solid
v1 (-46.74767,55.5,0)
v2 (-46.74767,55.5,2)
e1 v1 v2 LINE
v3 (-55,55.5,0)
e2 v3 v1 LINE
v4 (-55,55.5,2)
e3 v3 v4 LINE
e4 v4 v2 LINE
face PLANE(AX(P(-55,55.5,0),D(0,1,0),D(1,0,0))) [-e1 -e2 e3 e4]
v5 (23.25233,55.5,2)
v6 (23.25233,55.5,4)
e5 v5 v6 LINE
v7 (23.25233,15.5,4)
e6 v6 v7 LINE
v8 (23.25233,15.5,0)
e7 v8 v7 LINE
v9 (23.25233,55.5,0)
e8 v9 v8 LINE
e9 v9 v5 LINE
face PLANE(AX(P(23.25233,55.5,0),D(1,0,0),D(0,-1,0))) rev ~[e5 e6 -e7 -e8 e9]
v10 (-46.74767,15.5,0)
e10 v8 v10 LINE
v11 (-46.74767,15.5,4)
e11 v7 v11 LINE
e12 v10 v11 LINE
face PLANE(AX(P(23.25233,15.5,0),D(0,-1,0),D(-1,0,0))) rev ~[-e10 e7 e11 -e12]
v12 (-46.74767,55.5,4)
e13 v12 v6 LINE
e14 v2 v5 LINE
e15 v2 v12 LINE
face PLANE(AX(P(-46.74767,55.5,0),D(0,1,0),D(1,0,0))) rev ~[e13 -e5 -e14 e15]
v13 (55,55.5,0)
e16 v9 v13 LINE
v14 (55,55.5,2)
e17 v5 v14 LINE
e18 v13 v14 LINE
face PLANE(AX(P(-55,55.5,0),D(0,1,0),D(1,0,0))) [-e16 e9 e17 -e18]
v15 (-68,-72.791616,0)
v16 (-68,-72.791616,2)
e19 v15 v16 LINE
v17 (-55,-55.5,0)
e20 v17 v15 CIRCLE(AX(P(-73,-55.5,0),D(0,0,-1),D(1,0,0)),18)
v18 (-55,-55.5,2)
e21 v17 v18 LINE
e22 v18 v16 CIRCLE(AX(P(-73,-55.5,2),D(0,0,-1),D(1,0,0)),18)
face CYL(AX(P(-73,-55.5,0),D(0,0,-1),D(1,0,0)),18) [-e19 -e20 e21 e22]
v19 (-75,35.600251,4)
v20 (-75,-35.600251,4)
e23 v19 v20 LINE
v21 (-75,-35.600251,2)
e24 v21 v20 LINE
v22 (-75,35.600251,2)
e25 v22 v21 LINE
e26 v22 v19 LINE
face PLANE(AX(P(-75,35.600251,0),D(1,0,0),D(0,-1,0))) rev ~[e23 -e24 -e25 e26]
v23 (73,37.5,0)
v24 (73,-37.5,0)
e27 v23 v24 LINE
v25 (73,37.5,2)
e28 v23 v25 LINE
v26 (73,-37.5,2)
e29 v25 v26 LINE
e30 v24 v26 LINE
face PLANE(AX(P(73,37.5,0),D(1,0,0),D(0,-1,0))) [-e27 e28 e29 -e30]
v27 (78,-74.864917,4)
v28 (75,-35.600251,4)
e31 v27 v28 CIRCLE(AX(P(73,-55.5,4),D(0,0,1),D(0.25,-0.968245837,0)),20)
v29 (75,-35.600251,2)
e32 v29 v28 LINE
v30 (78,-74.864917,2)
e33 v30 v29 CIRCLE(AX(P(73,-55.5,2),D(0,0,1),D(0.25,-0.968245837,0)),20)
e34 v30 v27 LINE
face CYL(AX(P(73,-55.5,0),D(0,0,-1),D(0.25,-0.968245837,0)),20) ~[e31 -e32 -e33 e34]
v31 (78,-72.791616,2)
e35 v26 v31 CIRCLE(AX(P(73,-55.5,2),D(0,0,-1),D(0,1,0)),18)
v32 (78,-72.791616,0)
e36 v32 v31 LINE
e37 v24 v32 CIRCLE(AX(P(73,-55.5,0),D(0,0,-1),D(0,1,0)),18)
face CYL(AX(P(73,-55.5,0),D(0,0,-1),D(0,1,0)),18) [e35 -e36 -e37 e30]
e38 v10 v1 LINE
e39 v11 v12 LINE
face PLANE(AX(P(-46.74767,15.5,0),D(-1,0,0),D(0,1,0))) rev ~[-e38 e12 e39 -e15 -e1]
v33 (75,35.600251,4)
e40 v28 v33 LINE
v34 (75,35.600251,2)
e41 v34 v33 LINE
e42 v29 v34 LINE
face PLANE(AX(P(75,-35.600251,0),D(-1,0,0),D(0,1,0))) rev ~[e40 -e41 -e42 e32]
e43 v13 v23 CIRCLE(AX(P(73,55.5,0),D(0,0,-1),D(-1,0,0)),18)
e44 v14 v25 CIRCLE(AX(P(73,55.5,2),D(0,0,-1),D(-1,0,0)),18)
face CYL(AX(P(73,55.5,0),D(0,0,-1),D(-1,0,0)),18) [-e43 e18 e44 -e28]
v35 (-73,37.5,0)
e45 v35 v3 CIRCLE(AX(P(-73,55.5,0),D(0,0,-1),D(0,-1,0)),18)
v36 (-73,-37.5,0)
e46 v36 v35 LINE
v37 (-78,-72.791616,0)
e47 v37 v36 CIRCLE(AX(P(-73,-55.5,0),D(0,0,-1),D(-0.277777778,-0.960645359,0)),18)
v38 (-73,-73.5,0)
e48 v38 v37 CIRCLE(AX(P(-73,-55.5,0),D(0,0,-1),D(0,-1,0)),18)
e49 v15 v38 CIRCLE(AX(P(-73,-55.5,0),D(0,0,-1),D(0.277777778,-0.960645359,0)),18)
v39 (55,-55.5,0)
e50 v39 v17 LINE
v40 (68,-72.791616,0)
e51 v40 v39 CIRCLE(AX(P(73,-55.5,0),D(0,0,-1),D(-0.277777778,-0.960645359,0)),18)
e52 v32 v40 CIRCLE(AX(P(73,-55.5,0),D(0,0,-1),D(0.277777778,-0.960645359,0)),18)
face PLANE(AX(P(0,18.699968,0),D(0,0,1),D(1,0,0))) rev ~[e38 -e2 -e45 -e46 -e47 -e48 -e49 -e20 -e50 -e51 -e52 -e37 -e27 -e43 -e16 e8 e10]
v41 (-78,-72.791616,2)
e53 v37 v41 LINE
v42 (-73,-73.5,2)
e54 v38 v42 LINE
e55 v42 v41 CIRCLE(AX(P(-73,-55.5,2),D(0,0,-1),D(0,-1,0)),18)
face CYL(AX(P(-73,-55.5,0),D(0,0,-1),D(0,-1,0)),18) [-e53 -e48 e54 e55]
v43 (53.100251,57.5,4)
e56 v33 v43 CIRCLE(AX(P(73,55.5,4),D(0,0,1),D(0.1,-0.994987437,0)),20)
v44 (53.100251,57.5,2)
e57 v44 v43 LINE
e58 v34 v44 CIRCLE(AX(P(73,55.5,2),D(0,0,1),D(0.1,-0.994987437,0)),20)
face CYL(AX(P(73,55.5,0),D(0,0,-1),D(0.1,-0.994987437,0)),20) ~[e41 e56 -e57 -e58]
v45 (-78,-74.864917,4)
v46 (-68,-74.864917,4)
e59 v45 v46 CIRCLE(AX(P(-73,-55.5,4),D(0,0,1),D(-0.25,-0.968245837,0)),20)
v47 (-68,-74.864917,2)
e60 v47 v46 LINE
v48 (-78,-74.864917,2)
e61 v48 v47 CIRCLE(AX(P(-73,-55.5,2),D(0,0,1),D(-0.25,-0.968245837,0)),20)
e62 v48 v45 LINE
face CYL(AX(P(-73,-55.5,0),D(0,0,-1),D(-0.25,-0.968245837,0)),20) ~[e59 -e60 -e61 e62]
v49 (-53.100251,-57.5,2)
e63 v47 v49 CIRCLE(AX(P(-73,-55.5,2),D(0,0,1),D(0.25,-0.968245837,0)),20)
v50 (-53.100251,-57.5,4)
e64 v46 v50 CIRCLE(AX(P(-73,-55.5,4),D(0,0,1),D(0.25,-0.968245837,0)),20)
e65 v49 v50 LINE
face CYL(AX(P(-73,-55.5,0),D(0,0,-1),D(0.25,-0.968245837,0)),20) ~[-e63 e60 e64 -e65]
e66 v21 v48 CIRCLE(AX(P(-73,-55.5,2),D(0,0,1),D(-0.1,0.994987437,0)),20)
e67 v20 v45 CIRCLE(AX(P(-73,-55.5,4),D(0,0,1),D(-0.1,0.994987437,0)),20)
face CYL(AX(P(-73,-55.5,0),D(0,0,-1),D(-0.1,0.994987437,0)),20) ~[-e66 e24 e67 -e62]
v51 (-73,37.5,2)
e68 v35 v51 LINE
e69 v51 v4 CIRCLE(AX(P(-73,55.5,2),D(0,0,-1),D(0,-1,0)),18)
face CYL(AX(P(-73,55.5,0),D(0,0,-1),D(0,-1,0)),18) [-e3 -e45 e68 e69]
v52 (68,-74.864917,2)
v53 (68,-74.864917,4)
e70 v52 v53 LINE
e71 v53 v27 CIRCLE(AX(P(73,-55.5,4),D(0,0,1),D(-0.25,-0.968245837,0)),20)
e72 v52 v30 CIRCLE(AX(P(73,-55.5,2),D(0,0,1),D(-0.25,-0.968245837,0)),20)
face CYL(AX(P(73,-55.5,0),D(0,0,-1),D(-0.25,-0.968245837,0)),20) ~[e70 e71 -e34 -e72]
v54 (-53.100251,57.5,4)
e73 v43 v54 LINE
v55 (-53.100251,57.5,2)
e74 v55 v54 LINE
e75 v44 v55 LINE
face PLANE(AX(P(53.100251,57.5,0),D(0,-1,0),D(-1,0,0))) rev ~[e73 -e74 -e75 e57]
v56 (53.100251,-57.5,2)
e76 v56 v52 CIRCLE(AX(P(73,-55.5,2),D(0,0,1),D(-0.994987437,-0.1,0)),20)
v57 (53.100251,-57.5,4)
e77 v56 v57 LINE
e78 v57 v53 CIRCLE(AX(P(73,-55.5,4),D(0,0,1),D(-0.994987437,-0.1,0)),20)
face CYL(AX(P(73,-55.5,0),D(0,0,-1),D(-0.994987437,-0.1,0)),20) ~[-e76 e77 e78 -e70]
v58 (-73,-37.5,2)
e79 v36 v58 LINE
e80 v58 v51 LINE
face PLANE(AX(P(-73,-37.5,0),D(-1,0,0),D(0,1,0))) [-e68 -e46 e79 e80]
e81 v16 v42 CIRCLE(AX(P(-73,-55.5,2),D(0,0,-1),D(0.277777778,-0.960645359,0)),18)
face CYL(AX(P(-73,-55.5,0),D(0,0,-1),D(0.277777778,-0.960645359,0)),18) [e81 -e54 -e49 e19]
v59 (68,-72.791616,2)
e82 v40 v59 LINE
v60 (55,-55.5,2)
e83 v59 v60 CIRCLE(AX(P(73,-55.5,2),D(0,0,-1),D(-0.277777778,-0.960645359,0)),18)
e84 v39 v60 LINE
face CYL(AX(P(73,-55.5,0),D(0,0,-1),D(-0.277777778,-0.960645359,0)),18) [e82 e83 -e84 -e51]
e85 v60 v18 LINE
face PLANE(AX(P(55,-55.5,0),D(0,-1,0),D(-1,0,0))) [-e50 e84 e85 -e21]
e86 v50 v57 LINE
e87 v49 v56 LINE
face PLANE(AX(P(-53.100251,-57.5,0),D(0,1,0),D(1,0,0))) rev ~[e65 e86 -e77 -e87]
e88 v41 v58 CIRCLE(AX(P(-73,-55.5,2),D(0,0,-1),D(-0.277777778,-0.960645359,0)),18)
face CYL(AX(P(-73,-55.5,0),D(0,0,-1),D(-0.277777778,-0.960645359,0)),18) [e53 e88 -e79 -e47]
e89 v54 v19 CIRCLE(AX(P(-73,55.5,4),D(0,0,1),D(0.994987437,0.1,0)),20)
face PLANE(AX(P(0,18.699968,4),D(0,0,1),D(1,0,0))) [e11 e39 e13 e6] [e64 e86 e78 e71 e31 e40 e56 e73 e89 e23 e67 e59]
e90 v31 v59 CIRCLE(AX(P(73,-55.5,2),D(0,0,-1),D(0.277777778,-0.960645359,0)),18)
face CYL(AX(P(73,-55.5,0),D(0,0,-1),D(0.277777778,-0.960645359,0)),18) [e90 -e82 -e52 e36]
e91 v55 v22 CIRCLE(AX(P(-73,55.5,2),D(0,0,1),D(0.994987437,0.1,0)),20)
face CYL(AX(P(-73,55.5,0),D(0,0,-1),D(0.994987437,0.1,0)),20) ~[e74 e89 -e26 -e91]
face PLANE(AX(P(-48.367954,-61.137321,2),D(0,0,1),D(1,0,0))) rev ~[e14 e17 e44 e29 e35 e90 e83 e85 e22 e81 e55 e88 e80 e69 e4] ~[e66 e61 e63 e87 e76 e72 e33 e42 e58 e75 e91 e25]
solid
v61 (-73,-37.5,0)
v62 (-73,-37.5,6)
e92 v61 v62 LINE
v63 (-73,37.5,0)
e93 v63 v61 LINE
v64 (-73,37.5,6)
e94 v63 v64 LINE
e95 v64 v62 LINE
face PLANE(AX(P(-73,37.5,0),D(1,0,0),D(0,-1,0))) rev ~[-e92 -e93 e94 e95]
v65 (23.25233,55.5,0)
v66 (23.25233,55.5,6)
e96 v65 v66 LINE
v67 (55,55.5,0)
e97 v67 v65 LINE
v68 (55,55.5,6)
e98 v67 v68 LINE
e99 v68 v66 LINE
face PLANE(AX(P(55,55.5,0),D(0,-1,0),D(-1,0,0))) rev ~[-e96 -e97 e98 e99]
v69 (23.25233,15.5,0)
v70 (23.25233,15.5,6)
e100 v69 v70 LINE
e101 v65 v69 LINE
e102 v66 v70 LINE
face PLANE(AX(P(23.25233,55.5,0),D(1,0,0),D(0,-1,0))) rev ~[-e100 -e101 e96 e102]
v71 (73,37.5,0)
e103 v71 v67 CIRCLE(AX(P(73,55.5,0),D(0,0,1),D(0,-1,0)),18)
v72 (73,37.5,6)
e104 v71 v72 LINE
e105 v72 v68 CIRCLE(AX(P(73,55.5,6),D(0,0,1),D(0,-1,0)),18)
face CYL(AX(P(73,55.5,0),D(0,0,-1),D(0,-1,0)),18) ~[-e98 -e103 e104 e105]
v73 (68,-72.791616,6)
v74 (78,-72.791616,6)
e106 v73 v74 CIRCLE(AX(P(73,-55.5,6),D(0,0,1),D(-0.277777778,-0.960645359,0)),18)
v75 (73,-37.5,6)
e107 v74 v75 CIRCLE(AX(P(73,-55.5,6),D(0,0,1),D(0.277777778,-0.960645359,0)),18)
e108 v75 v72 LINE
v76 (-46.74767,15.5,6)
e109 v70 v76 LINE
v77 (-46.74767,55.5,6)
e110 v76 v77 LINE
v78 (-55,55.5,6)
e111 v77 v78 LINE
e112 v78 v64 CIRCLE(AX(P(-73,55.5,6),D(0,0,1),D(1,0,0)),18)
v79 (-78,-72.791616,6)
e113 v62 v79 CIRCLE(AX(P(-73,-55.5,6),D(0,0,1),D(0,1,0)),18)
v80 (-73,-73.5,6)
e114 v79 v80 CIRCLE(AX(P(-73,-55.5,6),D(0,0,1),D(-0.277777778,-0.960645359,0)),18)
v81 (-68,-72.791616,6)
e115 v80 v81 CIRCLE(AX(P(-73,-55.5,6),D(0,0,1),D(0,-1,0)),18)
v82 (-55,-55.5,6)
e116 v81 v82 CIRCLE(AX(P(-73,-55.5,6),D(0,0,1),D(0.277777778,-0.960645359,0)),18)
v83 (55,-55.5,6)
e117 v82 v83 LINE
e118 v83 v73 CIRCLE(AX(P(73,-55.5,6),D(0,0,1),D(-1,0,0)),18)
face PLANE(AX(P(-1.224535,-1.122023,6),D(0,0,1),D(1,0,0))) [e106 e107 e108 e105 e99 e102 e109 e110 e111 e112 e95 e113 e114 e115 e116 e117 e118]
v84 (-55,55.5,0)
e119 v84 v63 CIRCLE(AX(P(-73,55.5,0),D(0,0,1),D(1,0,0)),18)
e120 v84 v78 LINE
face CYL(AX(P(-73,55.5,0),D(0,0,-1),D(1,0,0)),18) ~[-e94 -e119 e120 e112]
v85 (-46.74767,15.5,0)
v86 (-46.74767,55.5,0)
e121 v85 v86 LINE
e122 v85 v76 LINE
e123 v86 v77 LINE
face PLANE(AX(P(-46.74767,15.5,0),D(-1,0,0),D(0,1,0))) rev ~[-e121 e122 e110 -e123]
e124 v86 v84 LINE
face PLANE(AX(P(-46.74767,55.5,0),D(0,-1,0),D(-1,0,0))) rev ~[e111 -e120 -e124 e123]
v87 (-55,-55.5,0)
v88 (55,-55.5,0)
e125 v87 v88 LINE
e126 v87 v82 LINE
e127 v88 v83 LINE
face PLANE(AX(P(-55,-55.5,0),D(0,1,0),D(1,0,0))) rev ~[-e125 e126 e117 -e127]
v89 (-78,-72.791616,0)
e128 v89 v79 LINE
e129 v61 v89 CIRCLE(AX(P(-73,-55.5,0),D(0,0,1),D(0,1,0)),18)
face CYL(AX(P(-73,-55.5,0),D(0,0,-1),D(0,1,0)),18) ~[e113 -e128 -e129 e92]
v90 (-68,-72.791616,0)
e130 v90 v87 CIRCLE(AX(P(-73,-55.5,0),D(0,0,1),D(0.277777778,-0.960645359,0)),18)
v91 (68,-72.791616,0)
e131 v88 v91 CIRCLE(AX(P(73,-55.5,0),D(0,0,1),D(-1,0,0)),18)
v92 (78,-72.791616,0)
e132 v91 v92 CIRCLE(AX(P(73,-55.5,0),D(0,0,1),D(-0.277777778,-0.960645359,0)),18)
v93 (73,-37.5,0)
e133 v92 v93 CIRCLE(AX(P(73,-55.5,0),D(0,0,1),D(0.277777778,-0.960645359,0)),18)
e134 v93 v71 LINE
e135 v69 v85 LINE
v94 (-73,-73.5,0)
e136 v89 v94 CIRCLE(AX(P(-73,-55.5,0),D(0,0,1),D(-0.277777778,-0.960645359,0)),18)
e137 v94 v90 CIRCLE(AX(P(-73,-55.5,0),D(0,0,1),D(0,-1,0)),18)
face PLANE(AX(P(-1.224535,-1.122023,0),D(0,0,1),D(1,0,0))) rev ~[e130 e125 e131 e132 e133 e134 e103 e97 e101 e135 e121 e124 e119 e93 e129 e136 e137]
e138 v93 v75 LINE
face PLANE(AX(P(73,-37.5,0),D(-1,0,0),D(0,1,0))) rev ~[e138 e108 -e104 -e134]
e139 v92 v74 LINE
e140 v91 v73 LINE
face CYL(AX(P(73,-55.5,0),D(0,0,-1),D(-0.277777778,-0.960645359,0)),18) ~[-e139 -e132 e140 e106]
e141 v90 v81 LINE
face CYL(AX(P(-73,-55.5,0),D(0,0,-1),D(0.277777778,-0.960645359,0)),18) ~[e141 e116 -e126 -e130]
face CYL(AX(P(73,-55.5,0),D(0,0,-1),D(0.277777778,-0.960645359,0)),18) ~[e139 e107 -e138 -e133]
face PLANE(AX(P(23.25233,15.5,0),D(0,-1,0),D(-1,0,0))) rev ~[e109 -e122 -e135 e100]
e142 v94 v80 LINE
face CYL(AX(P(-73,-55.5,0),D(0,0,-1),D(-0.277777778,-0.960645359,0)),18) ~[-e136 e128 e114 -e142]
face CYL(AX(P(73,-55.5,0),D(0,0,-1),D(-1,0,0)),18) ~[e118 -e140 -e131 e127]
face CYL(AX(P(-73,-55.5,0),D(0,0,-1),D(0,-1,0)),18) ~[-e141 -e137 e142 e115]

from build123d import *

# Parameters (mm, degrees)
F0_W     = 50
F0_H     = 2
F1_DEPTH = 4
F2_DEPTH = 2
F3_DEPTH = 6
F0_W_2   = 70
F0_H_2   = 40
F4_DEPTH = 6


with BuildPart() as f1:
    # F0 (on Top) → F1 (new body)
    with BuildSketch(Plane.XY):
        with BuildLine():
            Line((53.1002512579, 57.5), (-53.1002512579, 57.5))
            ThreePointArc((-53.1002512579, 57.5), (-87.1421356237, 69.6421356237), (-75, 35.6002512579))
            Line((-75, 35.6002512579), (-75, -35.6002512579))
            ThreePointArc((-75, -35.6002512579), (-92.9418777621, -53.9763493445), (-78, -74.864916731))
            Line((-78, -74.864916731), (-78, -72.7916164658))
            ThreePointArc((-78, -72.7916164658), (-90.8220242451, -52.9750342957), (-73, -37.5))
            Line((-73, -37.5), (-73, 37.5))
            ThreePointArc((-73, 37.5), (-85.7279220614, 68.2279220614), (-55, 55.5))
            Line((-55, 55.5), (-46.7476695776, 55.5))
            Line((-46.7476695776, 55.5), (23.2523304224, 55.5))
            Line((23.2523304224, 55.5), (55, 55.5))
            ThreePointArc((55, 55.5), (85.7279220614, 68.2279220614), (73, 37.5))
            Line((73, 37.5), (73, -37.5))
            ThreePointArc((73, -37.5), (90.8220242451, -52.9750342957), (78, -72.7916164658))
            Line((78, -72.7916164658), (78, -74.864916731))
            ThreePointArc((78, -74.864916731), (92.9418777621, -53.9763493445), (75, -35.6002512579))
            Line((75, -35.6002512579), (75, 35.6002512579))
            ThreePointArc((75, 35.6002512579), (87.1421356237, 69.6421356237), (53.1002512579, 57.5))
        make_face()
        with BuildLine():
            Line((-78, -72.7916164658), (-78, -74.864916731))
            ThreePointArc((-78, -74.864916731), (-73, -75.5), (-68, -74.864916731))
            Line((-68, -74.864916731), (-68, -72.7916164658))
            ThreePointArc((-68, -72.7916164658), (-70.4750342957, -73.3220242451), (-73, -73.5))
            ThreePointArc((-73, -73.5), (-75.5249657043, -73.3220242451), (-78, -72.7916164658))
        make_face()
        with BuildLine():
            ThreePointArc((68, -74.864916731), (73, -75.5), (78, -74.864916731))
            Line((78, -74.864916731), (78, -72.7916164658))
            ThreePointArc((78, -72.7916164658), (73, -73.5), (68, -72.7916164658))
            Line((68, -72.7916164658), (68, -74.864916731))
        make_face()
        with BuildLine():
            Line((-68, -72.7916164658), (-68, -74.864916731))
            ThreePointArc((-68, -74.864916731), (-57.8215792941, -68.5236532845), (-53.1002512579, -57.5))
            Line((-53.1002512579, -57.5), (-25, -57.5))
            Line((-25, -57.5), (-25, -55.5))
            Line((-25, -55.5), (-55, -55.5))
            ThreePointArc((-55, -55.5), (-58.6125054301, -66.3166538264), (-68, -72.7916164658))
        make_face()
        with BuildLine():
            ThreePointArc((53.1002512579, -57.5), (57.8215792941, -68.5236532845), (68, -74.864916731))
            Line((68, -74.864916731), (68, -72.7916164658))
            ThreePointArc((68, -72.7916164658), (58.6125054301, -66.3166538264), (55, -55.5))
            Line((55, -55.5), (25, -55.5))
            Line((25, -55.5), (25, -57.5))
            Line((25, -57.5), (53.1002512579, -57.5))
        make_face()
        with Locations((0, -56.5)):
            Rectangle(F0_W, F0_H)
        with BuildLine():
            ThreePointArc((-73, -37.5), (-90.8220242451, -52.9750342957), (-78, -72.7916164658))
            ThreePointArc((-78, -72.7916164658), (-75.5249657043, -73.3220242451), (-73, -73.5))
            ThreePointArc((-73, -73.5), (-70.4750342957, -73.3220242451), (-68, -72.7916164658))
            ThreePointArc((-68, -72.7916164658), (-58.6125054301, -66.3166538264), (-55, -55.5))
            Line((-55, -55.5), (-25, -55.5))
            Line((-25, -55.5), (25, -55.5))
            Line((25, -55.5), (55, -55.5))
            ThreePointArc((55, -55.5), (58.6125054301, -66.3166538264), (68, -72.7916164658))
            ThreePointArc((68, -72.7916164658), (73, -73.5), (78, -72.7916164658))
            ThreePointArc((78, -72.7916164658), (90.8220242451, -52.9750342957), (73, -37.5))
            Line((73, -37.5), (73, 37.5))
            ThreePointArc((73, 37.5), (85.7279220614, 68.2279220614), (55, 55.5))
            Line((55, 55.5), (23.2523304224, 55.5))
            Line((23.2523304224, 55.5), (23.2523304224, 15.5))
            Line((23.2523304224, 15.5), (-46.7476695776, 15.5))
            Line((-46.7476695776, 15.5), (-46.7476695776, 55.5))
            Line((-46.7476695776, 55.5), (-55, 55.5))
            ThreePointArc((-55, 55.5), (-85.7279220614, 68.2279220614), (-73, 37.5))
            Line((-73, 37.5), (-73, -37.5))
        make_face()
    extrude(amount=F1_DEPTH)

    # F0 (on Top) → F2 (cut)
    with BuildSketch(Plane.XY):
        with BuildLine():
            Line((-68, -72.7916164658), (-68, -74.864916731))
            ThreePointArc((-68, -74.864916731), (-57.8215792941, -68.5236532845), (-53.1002512579, -57.5))
            Line((-53.1002512579, -57.5), (-25, -57.5))
            Line((-25, -57.5), (-25, -55.5))
            Line((-25, -55.5), (-55, -55.5))
            ThreePointArc((-55, -55.5), (-58.6125054301, -66.3166538264), (-68, -72.7916164658))
        make_face()
        with BuildLine():
            Line((-78, -72.7916164658), (-78, -74.864916731))
            ThreePointArc((-78, -74.864916731), (-73, -75.5), (-68, -74.864916731))
            Line((-68, -74.864916731), (-68, -72.7916164658))
            ThreePointArc((-68, -72.7916164658), (-70.4750342957, -73.3220242451), (-73, -73.5))
            ThreePointArc((-73, -73.5), (-75.5249657043, -73.3220242451), (-78, -72.7916164658))
        make_face()
        with BuildLine():
            Line((53.1002512579, 57.5), (-53.1002512579, 57.5))
            ThreePointArc((-53.1002512579, 57.5), (-87.1421356237, 69.6421356237), (-75, 35.6002512579))
            Line((-75, 35.6002512579), (-75, -35.6002512579))
            ThreePointArc((-75, -35.6002512579), (-92.9418777621, -53.9763493445), (-78, -74.864916731))
            Line((-78, -74.864916731), (-78, -72.7916164658))
            ThreePointArc((-78, -72.7916164658), (-90.8220242451, -52.9750342957), (-73, -37.5))
            Line((-73, -37.5), (-73, 37.5))
            ThreePointArc((-73, 37.5), (-85.7279220614, 68.2279220614), (-55, 55.5))
            Line((-55, 55.5), (-46.7476695776, 55.5))
            Line((-46.7476695776, 55.5), (23.2523304224, 55.5))
            Line((23.2523304224, 55.5), (55, 55.5))
            ThreePointArc((55, 55.5), (85.7279220614, 68.2279220614), (73, 37.5))
            Line((73, 37.5), (73, -37.5))
            ThreePointArc((73, -37.5), (90.8220242451, -52.9750342957), (78, -72.7916164658))
            Line((78, -72.7916164658), (78, -74.864916731))
            ThreePointArc((78, -74.864916731), (92.9418777621, -53.9763493445), (75, -35.6002512579))
            Line((75, -35.6002512579), (75, 35.6002512579))
            ThreePointArc((75, 35.6002512579), (87.1421356237, 69.6421356237), (53.1002512579, 57.5))
        make_face()
        with Locations((0, -56.5)):
            Rectangle(F0_W, F0_H)
        with BuildLine():
            ThreePointArc((53.1002512579, -57.5), (57.8215792941, -68.5236532845), (68, -74.864916731))
            Line((68, -74.864916731), (68, -72.7916164658))
            ThreePointArc((68, -72.7916164658), (58.6125054301, -66.3166538264), (55, -55.5))
            Line((55, -55.5), (25, -55.5))
            Line((25, -55.5), (25, -57.5))
            Line((25, -57.5), (53.1002512579, -57.5))
        make_face()
        with BuildLine():
            ThreePointArc((68, -74.864916731), (73, -75.5), (78, -74.864916731))
            Line((78, -74.864916731), (78, -72.7916164658))
            ThreePointArc((78, -72.7916164658), (73, -73.5), (68, -72.7916164658))
            Line((68, -72.7916164658), (68, -74.864916731))
        make_face()
    extrude(amount=F2_DEPTH, mode=Mode.SUBTRACT)

    # F0 (on Top) → F4 (cut)
    with BuildSketch(Plane.XY):
        with Locations((-11.7476695776, 35.5)):
            Rectangle(F0_W_2, F0_H_2)
    extrude(amount=F4_DEPTH, mode=Mode.SUBTRACT)


with BuildPart() as f3:
    # F0 (on Top) → F3 (new body)
    with BuildSketch(Plane.XY):
        with BuildLine():
            ThreePointArc((-73, -37.5), (-90.8220242451, -52.9750342957), (-78, -72.7916164658))
            ThreePointArc((-78, -72.7916164658), (-75.5249657043, -73.3220242451), (-73, -73.5))
            ThreePointArc((-73, -73.5), (-70.4750342957, -73.3220242451), (-68, -72.7916164658))
            ThreePointArc((-68, -72.7916164658), (-58.6125054301, -66.3166538264), (-55, -55.5))
            Line((-55, -55.5), (-25, -55.5))
            Line((-25, -55.5), (25, -55.5))
            Line((25, -55.5), (55, -55.5))
            ThreePointArc((55, -55.5), (58.6125054301, -66.3166538264), (68, -72.7916164658))
            ThreePointArc((68, -72.7916164658), (73, -73.5), (78, -72.7916164658))
            ThreePointArc((78, -72.7916164658), (90.8220242451, -52.9750342957), (73, -37.5))
            Line((73, -37.5), (73, 37.5))
            ThreePointArc((73, 37.5), (85.7279220614, 68.2279220614), (55, 55.5))
            Line((55, 55.5), (23.2523304224, 55.5))
            Line((23.2523304224, 55.5), (23.2523304224, 15.5))
            Line((23.2523304224, 15.5), (-46.7476695776, 15.5))
            Line((-46.7476695776, 15.5), (-46.7476695776, 55.5))
            Line((-46.7476695776, 55.5), (-55, 55.5))
            ThreePointArc((-55, 55.5), (-85.7279220614, 68.2279220614), (-73, 37.5))
            Line((-73, 37.5), (-73, -37.5))
        make_face()
    extrude(amount=F3_DEPTH)


solid = Compound([f1.part, f3.part])
